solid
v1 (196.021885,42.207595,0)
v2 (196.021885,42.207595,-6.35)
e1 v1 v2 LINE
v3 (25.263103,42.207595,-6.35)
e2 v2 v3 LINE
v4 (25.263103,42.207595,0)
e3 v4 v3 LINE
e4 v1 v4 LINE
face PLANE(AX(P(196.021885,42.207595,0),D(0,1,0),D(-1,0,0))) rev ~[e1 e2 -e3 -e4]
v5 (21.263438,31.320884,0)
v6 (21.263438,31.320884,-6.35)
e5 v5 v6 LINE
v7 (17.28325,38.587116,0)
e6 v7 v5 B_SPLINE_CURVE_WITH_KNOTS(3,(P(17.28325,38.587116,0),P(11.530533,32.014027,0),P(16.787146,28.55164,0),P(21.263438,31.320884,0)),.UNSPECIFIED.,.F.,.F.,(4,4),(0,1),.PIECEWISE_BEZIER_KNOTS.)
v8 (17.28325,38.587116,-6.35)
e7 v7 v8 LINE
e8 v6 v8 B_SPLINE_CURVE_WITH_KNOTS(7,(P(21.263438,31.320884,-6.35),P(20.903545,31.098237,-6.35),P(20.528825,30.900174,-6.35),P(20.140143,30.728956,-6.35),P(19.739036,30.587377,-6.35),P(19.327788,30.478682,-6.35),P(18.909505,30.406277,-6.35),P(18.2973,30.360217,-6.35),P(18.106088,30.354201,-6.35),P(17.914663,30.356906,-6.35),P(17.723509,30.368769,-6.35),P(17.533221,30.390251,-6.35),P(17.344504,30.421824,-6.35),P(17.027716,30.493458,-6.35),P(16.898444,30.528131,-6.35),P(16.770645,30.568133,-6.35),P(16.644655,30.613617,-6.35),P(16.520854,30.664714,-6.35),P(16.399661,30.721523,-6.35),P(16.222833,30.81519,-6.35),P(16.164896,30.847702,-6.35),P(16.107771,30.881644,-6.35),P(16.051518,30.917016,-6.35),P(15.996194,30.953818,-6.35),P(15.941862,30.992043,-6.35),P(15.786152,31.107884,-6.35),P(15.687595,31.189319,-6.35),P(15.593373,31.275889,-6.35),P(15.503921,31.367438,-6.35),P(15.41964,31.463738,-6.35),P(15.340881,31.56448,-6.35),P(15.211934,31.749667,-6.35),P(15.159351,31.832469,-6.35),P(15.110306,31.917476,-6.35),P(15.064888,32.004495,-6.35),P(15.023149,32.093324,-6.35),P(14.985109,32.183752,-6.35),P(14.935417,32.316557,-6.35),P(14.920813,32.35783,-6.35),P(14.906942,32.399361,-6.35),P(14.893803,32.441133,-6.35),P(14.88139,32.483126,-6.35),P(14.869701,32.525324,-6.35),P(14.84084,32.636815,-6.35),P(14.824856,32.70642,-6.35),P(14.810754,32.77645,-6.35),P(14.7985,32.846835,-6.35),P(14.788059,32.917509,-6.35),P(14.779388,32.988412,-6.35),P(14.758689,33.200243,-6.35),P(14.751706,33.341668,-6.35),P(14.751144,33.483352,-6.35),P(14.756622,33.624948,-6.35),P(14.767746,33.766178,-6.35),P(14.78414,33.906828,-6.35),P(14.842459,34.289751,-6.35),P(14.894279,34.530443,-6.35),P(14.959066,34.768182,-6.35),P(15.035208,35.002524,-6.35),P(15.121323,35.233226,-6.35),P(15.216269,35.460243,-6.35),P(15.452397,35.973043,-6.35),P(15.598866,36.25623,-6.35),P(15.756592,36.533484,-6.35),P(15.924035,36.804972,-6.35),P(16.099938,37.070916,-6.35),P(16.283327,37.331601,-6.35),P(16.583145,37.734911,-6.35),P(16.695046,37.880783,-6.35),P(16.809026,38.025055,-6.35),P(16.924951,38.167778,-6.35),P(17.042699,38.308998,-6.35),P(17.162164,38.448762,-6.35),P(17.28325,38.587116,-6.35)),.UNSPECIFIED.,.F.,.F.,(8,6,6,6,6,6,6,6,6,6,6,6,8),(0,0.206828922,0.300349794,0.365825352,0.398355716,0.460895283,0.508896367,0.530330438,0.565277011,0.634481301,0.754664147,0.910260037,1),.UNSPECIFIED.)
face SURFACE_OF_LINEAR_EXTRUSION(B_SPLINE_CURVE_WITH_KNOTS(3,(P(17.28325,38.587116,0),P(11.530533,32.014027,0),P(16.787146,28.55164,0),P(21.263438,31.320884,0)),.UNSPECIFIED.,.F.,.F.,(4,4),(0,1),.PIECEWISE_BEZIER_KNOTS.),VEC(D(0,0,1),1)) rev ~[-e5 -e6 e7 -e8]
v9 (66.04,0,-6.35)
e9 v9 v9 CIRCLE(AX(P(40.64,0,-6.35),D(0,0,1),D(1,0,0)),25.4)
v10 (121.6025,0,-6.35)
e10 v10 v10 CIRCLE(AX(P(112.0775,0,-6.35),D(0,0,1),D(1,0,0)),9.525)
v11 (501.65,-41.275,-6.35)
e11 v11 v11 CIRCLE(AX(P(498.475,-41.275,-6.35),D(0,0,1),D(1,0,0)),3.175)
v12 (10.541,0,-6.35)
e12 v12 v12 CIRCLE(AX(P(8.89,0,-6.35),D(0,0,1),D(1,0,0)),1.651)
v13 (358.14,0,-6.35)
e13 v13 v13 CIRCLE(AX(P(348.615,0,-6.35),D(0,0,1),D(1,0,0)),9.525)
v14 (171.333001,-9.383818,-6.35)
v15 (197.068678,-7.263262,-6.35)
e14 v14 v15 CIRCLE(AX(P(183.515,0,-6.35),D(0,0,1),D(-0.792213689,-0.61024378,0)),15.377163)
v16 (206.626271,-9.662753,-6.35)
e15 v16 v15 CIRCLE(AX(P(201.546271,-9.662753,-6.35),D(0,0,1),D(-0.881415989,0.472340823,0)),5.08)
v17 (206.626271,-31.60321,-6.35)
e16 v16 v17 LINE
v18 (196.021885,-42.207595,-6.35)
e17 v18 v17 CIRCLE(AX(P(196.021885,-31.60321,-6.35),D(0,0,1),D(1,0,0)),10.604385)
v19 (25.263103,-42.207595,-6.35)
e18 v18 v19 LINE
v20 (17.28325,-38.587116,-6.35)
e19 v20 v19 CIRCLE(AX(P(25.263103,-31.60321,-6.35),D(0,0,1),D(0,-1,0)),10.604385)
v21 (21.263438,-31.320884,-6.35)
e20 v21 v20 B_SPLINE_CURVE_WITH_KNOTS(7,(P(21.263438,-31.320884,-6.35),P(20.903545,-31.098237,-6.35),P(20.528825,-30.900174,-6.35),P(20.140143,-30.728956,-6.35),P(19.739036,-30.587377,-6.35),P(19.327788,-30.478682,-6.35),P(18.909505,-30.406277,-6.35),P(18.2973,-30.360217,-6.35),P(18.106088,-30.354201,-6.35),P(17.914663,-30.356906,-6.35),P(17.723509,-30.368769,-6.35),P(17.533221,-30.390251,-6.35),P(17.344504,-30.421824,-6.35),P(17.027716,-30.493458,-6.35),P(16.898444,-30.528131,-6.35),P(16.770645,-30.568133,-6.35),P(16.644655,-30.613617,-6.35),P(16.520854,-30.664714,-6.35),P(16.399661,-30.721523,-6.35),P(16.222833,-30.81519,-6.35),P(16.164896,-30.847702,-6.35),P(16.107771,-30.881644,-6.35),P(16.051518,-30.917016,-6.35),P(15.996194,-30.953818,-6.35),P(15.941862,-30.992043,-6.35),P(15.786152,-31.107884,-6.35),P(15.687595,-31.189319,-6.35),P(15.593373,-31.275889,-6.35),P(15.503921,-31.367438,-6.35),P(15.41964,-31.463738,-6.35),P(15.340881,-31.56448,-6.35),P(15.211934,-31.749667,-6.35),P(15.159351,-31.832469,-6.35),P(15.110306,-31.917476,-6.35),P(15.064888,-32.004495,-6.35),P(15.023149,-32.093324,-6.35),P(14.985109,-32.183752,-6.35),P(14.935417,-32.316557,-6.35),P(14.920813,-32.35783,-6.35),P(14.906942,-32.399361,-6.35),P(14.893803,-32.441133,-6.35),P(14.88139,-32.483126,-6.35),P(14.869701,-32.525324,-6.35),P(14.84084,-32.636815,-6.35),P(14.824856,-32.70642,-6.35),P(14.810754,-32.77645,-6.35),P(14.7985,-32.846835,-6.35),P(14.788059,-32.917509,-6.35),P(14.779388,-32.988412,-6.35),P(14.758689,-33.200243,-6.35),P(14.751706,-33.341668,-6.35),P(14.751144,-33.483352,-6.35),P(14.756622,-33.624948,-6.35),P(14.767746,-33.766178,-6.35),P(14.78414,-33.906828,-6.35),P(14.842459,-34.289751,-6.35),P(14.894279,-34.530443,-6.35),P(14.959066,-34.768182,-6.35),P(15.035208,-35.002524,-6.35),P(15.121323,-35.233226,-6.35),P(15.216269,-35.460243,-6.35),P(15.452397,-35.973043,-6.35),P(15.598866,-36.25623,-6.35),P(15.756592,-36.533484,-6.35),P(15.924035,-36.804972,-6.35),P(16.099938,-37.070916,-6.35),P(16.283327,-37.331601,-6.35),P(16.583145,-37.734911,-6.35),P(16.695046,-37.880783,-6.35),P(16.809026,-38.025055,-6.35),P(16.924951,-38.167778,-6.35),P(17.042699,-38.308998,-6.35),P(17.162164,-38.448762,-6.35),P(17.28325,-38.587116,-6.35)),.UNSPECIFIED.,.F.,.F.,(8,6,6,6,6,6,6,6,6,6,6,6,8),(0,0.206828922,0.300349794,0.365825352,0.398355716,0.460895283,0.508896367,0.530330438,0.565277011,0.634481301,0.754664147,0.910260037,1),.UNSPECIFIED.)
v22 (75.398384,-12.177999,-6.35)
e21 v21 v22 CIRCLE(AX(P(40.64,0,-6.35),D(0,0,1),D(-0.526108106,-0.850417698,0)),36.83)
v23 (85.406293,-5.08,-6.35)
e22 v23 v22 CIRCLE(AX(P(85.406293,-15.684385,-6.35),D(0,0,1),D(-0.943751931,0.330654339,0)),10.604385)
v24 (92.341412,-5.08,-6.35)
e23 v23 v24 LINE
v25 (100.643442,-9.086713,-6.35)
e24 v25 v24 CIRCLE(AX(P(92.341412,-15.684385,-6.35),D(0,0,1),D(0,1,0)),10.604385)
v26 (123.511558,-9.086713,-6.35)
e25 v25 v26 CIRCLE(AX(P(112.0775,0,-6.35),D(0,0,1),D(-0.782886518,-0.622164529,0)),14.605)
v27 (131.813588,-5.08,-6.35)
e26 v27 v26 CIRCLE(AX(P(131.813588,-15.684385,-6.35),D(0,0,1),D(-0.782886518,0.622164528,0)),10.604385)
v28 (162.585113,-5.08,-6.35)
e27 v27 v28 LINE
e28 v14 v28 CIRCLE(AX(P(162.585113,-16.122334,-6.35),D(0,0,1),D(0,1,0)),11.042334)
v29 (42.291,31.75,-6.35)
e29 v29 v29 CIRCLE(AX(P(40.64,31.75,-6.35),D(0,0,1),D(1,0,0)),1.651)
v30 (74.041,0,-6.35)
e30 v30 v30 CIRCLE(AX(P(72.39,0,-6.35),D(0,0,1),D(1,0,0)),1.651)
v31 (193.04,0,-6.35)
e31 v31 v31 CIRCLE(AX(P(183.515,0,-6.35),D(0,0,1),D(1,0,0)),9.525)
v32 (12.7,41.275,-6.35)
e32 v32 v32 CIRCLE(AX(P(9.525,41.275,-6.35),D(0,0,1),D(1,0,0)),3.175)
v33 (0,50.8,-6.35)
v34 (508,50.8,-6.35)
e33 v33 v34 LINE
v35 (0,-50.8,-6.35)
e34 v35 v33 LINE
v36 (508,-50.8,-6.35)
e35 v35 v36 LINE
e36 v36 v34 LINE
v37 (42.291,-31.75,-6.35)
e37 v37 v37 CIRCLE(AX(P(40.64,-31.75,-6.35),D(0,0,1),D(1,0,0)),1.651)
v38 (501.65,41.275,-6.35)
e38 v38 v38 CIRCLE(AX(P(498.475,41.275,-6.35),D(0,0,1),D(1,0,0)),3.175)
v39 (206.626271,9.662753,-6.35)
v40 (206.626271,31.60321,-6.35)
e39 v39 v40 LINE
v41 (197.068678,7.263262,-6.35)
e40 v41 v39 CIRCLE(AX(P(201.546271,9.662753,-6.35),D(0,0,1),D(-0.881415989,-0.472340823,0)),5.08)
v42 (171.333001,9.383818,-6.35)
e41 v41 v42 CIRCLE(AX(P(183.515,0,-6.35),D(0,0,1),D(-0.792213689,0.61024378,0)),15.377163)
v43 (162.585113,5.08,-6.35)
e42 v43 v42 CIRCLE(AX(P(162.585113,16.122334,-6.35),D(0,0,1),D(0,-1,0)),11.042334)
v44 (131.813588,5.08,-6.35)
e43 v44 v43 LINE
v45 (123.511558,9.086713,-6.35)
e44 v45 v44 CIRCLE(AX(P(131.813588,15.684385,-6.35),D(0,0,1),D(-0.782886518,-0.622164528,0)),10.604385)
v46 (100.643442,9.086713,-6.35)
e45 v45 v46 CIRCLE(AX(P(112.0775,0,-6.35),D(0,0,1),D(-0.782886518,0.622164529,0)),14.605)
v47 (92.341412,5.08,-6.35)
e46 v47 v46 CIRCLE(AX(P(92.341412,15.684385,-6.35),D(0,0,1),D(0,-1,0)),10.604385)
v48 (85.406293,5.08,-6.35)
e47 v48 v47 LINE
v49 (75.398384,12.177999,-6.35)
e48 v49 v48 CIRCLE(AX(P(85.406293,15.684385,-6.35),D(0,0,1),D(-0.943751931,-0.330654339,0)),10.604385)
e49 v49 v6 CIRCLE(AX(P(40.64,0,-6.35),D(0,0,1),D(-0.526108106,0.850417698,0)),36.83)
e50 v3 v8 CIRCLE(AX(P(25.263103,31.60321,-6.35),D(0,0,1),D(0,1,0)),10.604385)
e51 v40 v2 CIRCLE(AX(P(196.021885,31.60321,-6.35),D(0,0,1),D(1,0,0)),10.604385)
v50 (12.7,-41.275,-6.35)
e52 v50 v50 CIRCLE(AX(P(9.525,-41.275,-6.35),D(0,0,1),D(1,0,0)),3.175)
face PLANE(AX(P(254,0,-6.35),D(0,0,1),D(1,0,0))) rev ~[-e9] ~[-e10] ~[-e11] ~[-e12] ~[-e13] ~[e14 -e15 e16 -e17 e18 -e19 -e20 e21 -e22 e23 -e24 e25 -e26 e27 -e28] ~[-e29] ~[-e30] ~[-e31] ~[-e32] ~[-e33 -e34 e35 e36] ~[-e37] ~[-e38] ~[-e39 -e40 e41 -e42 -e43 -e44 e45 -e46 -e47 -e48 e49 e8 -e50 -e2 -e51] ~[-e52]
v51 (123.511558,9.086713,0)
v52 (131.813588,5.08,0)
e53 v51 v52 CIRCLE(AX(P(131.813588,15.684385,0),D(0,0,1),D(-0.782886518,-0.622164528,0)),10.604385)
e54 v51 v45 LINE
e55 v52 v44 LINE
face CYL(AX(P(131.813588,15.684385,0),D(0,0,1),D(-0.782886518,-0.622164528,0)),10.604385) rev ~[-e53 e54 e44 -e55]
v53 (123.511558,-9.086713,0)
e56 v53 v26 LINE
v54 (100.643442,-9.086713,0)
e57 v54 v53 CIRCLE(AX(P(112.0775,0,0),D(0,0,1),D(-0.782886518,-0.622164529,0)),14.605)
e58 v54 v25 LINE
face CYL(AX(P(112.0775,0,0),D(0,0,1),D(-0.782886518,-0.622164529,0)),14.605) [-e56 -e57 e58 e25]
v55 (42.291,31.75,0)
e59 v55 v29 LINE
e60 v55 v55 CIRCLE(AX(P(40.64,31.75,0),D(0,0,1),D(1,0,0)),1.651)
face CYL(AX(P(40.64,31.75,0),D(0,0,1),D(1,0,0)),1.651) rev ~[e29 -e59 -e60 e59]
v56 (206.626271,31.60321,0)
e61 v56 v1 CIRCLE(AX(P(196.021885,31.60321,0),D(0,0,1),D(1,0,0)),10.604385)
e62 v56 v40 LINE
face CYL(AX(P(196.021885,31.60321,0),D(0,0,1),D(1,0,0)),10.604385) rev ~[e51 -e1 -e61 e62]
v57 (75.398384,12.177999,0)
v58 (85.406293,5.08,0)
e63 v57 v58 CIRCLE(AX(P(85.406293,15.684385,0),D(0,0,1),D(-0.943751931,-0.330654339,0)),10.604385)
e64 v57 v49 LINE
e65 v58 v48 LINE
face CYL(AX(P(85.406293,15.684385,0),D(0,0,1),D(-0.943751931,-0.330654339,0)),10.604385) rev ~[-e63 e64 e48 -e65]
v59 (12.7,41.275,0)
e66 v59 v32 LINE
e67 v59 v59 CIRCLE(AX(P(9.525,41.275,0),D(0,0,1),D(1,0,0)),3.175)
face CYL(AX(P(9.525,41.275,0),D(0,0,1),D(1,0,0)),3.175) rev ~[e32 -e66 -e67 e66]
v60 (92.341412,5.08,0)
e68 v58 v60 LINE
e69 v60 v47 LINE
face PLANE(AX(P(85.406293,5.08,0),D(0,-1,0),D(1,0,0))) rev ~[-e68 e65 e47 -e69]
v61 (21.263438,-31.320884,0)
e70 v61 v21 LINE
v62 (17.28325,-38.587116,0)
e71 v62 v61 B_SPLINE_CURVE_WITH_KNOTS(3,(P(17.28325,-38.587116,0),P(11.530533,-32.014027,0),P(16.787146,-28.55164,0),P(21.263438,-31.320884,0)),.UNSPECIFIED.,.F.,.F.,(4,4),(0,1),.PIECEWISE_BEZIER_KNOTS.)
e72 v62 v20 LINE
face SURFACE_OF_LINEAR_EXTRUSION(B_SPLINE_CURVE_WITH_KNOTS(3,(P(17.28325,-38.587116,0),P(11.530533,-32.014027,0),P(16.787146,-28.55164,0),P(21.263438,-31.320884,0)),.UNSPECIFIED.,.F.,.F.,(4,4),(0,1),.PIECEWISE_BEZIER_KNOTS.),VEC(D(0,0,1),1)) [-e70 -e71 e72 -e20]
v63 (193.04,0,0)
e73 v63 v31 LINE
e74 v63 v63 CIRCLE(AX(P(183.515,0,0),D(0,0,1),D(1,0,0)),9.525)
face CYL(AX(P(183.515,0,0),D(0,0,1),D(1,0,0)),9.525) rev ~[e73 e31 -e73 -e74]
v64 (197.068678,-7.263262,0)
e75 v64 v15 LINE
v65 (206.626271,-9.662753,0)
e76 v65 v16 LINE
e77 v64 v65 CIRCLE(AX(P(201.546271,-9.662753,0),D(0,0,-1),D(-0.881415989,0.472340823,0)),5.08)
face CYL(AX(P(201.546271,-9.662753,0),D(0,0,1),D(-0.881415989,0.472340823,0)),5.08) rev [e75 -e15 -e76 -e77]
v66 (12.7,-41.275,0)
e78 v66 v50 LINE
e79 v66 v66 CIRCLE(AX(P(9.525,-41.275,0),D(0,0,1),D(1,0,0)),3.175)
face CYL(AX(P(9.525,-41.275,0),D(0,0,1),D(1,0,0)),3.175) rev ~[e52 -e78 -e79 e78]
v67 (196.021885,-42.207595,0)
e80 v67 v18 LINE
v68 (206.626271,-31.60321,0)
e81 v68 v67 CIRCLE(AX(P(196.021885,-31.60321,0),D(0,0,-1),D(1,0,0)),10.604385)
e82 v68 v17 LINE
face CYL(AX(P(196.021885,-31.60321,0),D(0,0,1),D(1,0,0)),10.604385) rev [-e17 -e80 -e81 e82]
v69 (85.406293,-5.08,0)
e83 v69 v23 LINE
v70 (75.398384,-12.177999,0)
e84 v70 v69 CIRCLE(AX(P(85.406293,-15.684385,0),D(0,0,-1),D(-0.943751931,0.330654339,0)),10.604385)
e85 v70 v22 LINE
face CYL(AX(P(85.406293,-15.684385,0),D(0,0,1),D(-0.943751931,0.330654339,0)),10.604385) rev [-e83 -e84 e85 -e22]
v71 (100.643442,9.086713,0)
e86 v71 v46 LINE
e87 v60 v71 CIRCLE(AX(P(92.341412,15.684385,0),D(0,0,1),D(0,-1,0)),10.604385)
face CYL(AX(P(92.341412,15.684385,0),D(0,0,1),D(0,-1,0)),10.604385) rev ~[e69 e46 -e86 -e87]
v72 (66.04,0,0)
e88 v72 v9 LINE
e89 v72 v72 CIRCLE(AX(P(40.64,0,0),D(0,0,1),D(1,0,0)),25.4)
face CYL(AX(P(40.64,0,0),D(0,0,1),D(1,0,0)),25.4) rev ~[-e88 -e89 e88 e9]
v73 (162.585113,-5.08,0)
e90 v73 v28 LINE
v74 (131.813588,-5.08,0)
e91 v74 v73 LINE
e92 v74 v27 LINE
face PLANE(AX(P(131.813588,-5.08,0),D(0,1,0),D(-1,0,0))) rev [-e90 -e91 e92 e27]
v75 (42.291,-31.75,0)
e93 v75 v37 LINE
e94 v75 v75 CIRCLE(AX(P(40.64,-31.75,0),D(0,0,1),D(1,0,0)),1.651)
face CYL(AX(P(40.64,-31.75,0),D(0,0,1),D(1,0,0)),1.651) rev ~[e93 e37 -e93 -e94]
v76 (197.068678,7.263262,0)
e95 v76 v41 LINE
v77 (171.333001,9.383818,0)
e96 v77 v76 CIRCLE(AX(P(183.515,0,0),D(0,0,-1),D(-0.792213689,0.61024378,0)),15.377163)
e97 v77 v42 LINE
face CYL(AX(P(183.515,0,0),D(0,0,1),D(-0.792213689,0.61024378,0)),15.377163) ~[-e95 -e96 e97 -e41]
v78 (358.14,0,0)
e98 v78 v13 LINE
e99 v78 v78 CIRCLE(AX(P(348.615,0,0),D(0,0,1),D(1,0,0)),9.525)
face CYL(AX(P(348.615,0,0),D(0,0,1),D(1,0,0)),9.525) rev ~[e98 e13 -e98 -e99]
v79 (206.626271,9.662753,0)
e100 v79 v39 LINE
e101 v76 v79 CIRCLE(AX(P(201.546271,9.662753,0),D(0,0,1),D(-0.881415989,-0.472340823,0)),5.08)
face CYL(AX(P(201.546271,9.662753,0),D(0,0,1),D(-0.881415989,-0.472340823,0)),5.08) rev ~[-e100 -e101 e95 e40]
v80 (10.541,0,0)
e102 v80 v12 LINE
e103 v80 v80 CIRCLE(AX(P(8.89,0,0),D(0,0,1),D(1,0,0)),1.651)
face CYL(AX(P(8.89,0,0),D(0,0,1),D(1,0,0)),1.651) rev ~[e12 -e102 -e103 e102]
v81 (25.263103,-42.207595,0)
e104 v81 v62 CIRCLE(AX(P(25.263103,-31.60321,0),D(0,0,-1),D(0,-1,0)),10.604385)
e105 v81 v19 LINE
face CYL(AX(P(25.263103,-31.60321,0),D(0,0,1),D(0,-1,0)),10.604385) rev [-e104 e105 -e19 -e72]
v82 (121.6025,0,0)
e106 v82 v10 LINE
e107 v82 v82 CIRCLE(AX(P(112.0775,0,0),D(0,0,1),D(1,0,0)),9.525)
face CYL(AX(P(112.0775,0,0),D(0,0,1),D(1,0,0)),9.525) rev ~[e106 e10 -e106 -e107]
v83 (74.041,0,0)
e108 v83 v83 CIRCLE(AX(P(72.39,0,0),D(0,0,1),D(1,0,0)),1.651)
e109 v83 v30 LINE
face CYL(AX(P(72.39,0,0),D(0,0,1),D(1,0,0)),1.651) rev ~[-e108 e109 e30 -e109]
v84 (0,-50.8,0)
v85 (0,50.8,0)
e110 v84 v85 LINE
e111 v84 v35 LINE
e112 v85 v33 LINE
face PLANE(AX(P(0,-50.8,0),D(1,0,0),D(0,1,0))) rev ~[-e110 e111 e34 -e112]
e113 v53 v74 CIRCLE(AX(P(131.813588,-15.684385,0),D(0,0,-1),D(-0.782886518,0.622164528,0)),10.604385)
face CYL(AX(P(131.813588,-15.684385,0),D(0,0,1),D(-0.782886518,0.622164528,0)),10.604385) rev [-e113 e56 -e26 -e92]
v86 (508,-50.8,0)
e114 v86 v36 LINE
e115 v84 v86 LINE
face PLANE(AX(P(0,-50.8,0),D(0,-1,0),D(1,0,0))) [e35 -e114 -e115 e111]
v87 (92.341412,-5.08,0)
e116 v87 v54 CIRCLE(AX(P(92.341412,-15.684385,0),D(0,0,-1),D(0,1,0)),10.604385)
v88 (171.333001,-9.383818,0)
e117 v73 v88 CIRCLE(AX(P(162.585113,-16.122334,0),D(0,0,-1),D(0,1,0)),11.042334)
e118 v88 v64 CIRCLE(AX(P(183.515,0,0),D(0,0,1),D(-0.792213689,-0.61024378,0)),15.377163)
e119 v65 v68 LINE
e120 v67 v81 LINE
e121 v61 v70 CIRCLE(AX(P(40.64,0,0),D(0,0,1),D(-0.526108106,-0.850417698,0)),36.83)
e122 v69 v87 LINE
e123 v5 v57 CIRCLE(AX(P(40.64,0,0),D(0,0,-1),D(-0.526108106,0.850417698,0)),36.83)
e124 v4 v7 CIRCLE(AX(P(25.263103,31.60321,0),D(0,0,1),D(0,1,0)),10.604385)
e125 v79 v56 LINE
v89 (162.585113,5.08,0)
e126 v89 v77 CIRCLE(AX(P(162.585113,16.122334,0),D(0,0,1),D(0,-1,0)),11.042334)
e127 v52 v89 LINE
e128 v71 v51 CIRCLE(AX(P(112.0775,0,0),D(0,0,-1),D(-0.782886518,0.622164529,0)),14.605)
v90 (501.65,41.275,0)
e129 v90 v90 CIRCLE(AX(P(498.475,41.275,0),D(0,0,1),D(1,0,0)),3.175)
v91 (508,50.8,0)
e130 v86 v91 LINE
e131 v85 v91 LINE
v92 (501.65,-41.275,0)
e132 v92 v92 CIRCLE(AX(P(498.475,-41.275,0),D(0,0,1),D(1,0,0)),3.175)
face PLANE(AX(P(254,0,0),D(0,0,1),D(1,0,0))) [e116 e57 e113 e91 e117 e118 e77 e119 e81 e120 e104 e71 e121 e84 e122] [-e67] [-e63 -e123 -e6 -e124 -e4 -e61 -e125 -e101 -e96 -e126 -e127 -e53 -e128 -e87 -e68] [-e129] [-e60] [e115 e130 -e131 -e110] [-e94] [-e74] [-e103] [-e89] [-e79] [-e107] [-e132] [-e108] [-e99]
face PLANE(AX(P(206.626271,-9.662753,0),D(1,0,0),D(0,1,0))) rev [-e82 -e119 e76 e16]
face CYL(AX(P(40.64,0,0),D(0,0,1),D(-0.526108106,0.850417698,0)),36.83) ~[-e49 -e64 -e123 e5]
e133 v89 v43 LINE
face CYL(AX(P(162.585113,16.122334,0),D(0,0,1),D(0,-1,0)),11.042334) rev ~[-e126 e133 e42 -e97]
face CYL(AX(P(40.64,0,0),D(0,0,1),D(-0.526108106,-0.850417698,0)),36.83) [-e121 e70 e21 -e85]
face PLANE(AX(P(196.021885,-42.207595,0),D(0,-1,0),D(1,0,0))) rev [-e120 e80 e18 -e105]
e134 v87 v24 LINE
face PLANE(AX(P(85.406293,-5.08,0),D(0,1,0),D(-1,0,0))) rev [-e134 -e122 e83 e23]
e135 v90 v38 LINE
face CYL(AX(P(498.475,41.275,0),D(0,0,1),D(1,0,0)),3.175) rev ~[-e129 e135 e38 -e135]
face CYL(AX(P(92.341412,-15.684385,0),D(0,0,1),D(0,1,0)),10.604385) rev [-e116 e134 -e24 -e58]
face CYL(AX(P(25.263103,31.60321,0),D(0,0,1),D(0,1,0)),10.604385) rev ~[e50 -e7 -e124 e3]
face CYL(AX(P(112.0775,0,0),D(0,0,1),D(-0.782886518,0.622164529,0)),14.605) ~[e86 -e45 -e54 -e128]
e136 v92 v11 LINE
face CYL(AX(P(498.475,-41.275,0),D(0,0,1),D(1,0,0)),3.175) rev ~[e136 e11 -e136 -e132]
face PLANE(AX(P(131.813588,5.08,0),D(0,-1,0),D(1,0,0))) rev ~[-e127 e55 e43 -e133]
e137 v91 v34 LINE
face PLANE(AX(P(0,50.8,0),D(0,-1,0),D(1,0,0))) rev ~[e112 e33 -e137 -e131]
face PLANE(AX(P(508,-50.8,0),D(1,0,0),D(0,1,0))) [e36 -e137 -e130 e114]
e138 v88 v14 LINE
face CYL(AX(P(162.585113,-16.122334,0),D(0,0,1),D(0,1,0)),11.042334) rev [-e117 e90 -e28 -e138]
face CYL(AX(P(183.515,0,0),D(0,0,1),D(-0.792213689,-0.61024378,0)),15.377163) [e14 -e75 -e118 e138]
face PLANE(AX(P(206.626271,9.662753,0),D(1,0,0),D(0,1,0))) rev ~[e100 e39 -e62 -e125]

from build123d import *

# Parameters (mm, degrees)
SKETCH1_W           = 508
SKETCH1_H           = 101.6
BOSS_EXTRUDE1_DEPTH = 6.35
SKETCH2_R           = 25.4
SKETCH2_R_2         = 1.651
MOTOR_MOUNT_DEPTH   = 6.35
SKETCH3_R           = 9.525
CUT_EXTRUDE2_DEPTH  = 511.573170564
SKETCH4_R           = 3.175
CUT_EXTRUDE3_DEPTH  = 511.573170564
CUT_EXTRUDE4_DEPTH  = 511.573170564


with BuildPart() as part:
    # Sketch1 → Boss-Extrude1 (new body)
    with BuildSketch(Plane.XY):
        with Locations((254, 0)):
            Rectangle(SKETCH1_W, SKETCH1_H)
    extrude(amount=-BOSS_EXTRUDE1_DEPTH)

    # Sketch2 → Motor mount (cut)
    with BuildSketch(Plane.XY):
        with Locations((40.64, 0)):
            Circle(SKETCH2_R)
        with Locations((72.39, 0)):
            Circle(SKETCH2_R_2)
        with Locations((40.64, -31.75)):
            Circle(SKETCH2_R_2)
        with Locations((8.89, 0)):
            Circle(SKETCH2_R_2)
        with Locations((40.64, 31.75)):
            Circle(SKETCH2_R_2)
    extrude(amount=-MOTOR_MOUNT_DEPTH, mode=Mode.SUBTRACT)

    # Sketch3 → Cut-Extrude2 (cut, through all)
    with BuildSketch(Plane.XY):
        with Locations((112.0775, 0)):
            Circle(SKETCH3_R)
        with Locations((183.515, 0)):
            Circle(SKETCH3_R)
        with Locations((348.615, 0)):
            Circle(SKETCH3_R)
    extrude(amount=-CUT_EXTRUDE2_DEPTH, mode=Mode.SUBTRACT)

    # Sketch4 → Cut-Extrude3 (cut, through all)
    with BuildSketch(Plane.XY):
        with Locations((9.525, 41.275)):
            Circle(SKETCH4_R)
        with Locations((9.525, -41.275)):
            Circle(SKETCH4_R)
        with Locations((498.475, 41.275)):
            Circle(SKETCH4_R)
        with Locations((498.475, -41.275)):
            Circle(SKETCH4_R)
    extrude(amount=-CUT_EXTRUDE3_DEPTH, mode=Mode.SUBTRACT)

    # Sketch7 → Cut-Extrude4 (cut, through all)
    with BuildSketch(Plane.XY):
        with BuildLine():
            Line((85.406292789, 5.08), (92.341412089, 5.08))
            ThreePointArc((92.341412089, 5.08), (96.950572969, 6.134064693), (100.643442411, 9.08671294))
            ThreePointArc((100.643442411, 9.08671294), (112.0775, 14.605), (123.511557589, 9.08671294))
            ThreePointArc((123.511557589, 9.08671294), (127.204427031, 6.134064693), (131.813587911, 5.08))
            Line((131.813587911, 5.08), (162.585112959, 5.08))
            ThreePointArc((162.585112959, 5.08), (167.45975122, 6.214203951), (171.333000793, 9.383818205))
            ThreePointArc((171.333000793, 9.383818205), (184.777760897, 15.325227036), (197.068677539, 7.263261936))
            ThreePointArc((197.068677539, 7.263261936), (202.783248212, 4.735656121), (206.626270766, 9.662753319))
            Line((206.626270766, 9.662753319), (206.626270766, 31.603209647))
            ThreePointArc((206.626270766, 31.603209647), (203.520318205, 39.101642443), (196.02188541, 42.207595003))
            Line((196.02188541, 42.207595003), (25.263102588, 42.207595003))
            ThreePointArc((25.263102588, 42.207595003), (20.881723867, 41.260150637), (17.283250038, 38.587115578))
            add(Edge.make_bspline(
                [(17.283250038, 38.587115578), (11.530533455, 32.014027317), (16.787146308, 28.551640426), (21.263438452, 31.320883809)],
                knots=[0, 0, 0, 0, 1, 1, 1, 1], degree=3))
            ThreePointArc((21.263438452, 31.320883809), (52.918543043, 34.722993545), (75.39838363, 12.177999321))
            ThreePointArc((75.39838363, 12.177999321), (79.271558889, 7.034643814), (85.406292789, 5.08))
        make_face()
    cut_extrude4 = extrude(amount=-CUT_EXTRUDE4_DEPTH, mode=Mode.SUBTRACT)

    # Mirror1: Cut-Extrude4 across plane
    add(cut_extrude4.mirror(Plane.ZX), mode=Mode.SUBTRACT)


solid = part.part
